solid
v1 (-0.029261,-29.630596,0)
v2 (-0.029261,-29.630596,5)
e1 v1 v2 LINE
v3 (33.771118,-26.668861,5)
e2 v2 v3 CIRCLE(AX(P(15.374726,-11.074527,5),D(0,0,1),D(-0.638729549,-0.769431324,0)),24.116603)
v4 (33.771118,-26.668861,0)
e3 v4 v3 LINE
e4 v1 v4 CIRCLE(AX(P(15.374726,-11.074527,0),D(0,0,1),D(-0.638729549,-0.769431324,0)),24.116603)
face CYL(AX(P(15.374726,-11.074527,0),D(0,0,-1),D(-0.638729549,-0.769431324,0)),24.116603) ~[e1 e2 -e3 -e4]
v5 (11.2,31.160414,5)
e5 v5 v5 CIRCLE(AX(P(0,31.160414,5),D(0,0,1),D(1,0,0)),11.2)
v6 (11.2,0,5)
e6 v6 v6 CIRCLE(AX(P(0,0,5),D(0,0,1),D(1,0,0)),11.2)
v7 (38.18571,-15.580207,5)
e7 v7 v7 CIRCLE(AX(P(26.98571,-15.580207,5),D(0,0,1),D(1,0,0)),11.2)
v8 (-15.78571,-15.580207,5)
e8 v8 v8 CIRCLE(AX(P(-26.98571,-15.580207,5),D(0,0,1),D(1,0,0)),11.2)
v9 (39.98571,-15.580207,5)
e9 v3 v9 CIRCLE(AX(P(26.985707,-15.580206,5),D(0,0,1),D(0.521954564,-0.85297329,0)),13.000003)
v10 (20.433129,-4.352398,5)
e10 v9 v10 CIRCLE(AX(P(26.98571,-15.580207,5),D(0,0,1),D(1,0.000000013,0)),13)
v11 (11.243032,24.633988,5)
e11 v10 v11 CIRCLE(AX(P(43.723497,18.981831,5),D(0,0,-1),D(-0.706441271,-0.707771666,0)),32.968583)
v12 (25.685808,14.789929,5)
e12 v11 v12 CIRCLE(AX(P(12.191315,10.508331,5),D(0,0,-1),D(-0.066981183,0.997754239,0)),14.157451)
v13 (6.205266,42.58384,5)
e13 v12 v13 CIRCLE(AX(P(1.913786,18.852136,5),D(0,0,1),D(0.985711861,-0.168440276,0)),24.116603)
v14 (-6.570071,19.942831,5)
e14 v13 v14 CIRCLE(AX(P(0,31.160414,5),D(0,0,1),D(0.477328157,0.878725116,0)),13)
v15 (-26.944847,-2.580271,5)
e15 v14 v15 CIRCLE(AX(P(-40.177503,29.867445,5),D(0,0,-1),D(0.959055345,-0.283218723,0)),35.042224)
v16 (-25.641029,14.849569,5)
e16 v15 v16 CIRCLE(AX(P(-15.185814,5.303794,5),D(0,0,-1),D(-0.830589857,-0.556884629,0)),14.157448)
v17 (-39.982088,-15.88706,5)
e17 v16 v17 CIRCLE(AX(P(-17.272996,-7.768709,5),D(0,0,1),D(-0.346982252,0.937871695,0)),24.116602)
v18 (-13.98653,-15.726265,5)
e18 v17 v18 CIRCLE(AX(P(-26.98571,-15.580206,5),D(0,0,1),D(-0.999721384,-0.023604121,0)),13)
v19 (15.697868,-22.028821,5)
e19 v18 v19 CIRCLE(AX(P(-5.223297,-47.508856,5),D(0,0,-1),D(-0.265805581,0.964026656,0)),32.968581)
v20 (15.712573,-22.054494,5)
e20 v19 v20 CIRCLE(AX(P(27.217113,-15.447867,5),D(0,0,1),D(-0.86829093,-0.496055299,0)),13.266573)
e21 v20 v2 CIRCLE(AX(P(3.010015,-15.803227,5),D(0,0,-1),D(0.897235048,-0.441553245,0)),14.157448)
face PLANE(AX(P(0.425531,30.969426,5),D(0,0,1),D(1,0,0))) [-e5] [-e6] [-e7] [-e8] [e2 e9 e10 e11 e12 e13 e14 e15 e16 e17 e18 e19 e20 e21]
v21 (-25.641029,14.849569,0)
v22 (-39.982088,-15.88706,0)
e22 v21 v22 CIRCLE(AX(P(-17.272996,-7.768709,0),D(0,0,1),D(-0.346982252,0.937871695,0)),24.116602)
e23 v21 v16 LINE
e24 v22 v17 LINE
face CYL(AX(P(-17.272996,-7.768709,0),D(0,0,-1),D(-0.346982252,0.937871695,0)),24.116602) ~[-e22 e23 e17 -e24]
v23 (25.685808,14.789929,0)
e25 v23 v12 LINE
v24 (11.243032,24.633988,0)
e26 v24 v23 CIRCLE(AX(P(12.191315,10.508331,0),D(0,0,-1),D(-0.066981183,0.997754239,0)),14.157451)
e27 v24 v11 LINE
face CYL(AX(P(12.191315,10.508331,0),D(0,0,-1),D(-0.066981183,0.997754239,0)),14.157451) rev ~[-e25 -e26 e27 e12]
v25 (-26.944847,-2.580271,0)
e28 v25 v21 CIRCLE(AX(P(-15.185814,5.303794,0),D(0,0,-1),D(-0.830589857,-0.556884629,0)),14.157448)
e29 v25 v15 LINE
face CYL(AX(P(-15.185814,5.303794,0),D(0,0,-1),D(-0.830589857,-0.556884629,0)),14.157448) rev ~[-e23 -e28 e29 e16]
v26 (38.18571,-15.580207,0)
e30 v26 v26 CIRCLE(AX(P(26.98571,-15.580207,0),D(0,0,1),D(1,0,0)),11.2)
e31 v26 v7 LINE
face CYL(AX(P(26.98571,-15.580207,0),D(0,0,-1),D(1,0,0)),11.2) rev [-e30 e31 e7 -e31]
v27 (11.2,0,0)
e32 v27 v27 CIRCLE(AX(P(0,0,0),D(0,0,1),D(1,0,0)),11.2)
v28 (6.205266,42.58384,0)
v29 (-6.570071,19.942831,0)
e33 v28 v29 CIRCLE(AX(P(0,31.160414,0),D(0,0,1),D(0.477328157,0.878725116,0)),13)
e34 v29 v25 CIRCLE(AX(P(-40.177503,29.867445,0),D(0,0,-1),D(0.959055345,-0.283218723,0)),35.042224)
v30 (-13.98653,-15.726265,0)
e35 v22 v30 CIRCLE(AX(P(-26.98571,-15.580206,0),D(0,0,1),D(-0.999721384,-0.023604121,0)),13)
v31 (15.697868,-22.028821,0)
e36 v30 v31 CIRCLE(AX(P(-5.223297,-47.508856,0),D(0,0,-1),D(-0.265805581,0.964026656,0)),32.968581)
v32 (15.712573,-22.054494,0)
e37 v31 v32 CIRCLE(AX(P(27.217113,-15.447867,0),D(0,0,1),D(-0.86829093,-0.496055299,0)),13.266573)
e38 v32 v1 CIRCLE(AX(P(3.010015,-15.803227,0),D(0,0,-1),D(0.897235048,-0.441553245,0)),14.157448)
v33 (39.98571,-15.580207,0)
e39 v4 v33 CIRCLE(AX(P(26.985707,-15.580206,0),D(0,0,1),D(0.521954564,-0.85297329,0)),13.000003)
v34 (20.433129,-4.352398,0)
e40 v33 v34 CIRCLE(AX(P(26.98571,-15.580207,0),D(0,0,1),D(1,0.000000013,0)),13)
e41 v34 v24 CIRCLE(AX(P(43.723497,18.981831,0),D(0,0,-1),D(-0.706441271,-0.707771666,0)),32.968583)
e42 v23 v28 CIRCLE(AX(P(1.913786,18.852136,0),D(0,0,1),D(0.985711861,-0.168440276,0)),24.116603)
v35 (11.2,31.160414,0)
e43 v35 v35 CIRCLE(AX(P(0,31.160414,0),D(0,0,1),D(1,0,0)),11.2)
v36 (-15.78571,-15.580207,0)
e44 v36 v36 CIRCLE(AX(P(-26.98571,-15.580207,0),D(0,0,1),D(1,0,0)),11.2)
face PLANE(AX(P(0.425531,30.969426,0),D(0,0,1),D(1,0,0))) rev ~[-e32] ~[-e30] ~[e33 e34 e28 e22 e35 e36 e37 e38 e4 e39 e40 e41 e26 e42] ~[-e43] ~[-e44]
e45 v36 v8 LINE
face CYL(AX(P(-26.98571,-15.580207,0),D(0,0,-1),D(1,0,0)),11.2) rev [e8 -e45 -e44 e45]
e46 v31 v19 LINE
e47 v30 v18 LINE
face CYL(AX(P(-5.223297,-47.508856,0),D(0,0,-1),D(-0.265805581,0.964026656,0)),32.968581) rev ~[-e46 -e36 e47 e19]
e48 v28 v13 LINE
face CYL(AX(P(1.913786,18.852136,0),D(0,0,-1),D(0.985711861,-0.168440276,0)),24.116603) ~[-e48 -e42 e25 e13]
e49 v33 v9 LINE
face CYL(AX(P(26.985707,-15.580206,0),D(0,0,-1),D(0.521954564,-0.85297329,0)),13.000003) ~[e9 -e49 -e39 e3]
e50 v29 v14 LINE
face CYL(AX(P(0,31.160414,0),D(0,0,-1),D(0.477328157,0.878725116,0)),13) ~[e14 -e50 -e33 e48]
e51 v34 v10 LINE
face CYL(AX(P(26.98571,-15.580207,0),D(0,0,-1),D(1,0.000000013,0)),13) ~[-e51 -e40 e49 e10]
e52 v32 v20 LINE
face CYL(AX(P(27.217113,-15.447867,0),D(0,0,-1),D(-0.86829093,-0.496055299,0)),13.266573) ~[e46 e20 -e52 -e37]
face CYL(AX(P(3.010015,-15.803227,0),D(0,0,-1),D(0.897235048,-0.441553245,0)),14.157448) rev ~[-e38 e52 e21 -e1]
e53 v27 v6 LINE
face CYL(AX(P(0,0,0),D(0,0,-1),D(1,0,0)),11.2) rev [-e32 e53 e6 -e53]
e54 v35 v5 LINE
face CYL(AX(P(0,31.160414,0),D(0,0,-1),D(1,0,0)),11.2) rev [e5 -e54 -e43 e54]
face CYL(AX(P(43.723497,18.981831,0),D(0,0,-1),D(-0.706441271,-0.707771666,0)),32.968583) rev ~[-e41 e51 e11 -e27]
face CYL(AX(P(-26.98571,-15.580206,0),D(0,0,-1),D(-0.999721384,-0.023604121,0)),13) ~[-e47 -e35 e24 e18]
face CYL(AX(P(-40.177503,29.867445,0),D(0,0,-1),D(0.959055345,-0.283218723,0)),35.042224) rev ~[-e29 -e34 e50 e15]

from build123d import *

# Parameters (mm, degrees)
F0_R     = 11.2
F1_DEPTH = 5


with BuildPart() as f1:
    # F0 (on Top) → F1 (new body)
    with BuildSketch(Plane.XY):
        with BuildLine():
            ThreePointArc((11.243032, 24.633988), (12.553076, 27.781021), (13, 31.160414))
            ThreePointArc((13, 31.160414), (11.172924, 37.806147), (6.205266, 42.58384))
            ThreePointArc((6.205266, 42.58384), (-11.321974, 37.548911), (-6.570071, 19.942831))
            ThreePointArc((-6.570071, 19.942831), (3.310722, 18.589053), (11.243032, 24.633988))
        make_face()
        with Locations((0, 31.160414)):
            Circle(F0_R, mode=Mode.SUBTRACT)
        with BuildLine():
            ThreePointArc((6.205266, 42.58384), (11.172924, 37.806147), (13, 31.160414))
            ThreePointArc((13, 31.160414), (12.553076, 27.781021), (11.243032, 24.633988))
            ThreePointArc((11.243032, 24.633988), (20.16491, 22.206844), (25.685808, 14.789929))
            ThreePointArc((25.685808, 14.789929), (21.662594, 32.693926), (6.205266, 42.58384))
        make_face()
        with BuildLine():
            ThreePointArc((20.433129, -4.352398), (12.296612, 9.017977), (11.243032, 24.633988))
            ThreePointArc((11.243032, 24.633988), (3.310722, 18.589053), (-6.570071, 19.942831))
            ThreePointArc((-6.570071, 19.942831), (-14.190564, 6.359224), (-26.944847, -2.580271))
            ThreePointArc((-26.944847, -2.580271), (-17.778886, -6.402277), (-13.98571, -15.580207))
            ThreePointArc((-13.98571, -15.580207), (-13.985915, -15.653237), (-13.98653, -15.726265))
            ThreePointArc((-13.98653, -15.726265), (1.62392, -15.259159), (15.697868, -22.028821))
            ThreePointArc((15.697868, -22.028821), (14.428475, -12.216303), (20.433129, -4.352398))
        make_face()
        Circle(F0_R, mode=Mode.SUBTRACT)
        with BuildLine():
            ThreePointArc((39.98571, -15.580207), (33.459366, -4.306708), (20.433129, -4.352398))
            ThreePointArc((20.433129, -4.352398), (14.428475, -12.216303), (15.697868, -22.028821))
            ThreePointArc((15.697868, -22.028821), (15.707601, -22.036816), (15.717332, -22.044815))
            ThreePointArc((15.717332, -22.044815), (15.714954, -22.049655), (15.712573, -22.054494))
            ThreePointArc((15.712573, -22.054494), (23.767322, -28.175523), (33.771118, -26.668861))
            ThreePointArc((33.771118, -26.668861), (38.326131, -21.935901), (39.98571, -15.580207))
        make_face()
        with Locations((26.98571, -15.580207)):
            Circle(F0_R, mode=Mode.SUBTRACT)
        with BuildLine():
            ThreePointArc((-13.98571, -15.580207), (-17.778886, -6.402277), (-26.944847, -2.580271))
            ThreePointArc((-26.944847, -2.580271), (-36.271667, -6.48235), (-39.982088, -15.88706))
            ThreePointArc((-39.982088, -15.88706), (-26.9053, -28.579958), (-13.98653, -15.726265))
            ThreePointArc((-13.98653, -15.726265), (-13.985915, -15.653237), (-13.98571, -15.580207))
        make_face()
        with Locations((-26.98571, -15.580207)):
            Circle(F0_R, mode=Mode.SUBTRACT)
        with BuildLine():
            ThreePointArc((-39.982088, -15.88706), (-36.271667, -6.48235), (-26.944847, -2.580271))
            ThreePointArc((-26.944847, -2.580271), (-29.303818, 6.359874), (-25.641029, 14.849569))
            ThreePointArc((-25.641029, 14.849569), (-39.12779, 2.428274), (-39.982088, -15.88706))
        make_face()
        with BuildLine():
            ThreePointArc((15.717332, -22.044815), (15.707601, -22.036816), (15.697868, -22.028821))
            ThreePointArc((15.697868, -22.028821), (15.705213, -22.041661), (15.712573, -22.054494))
            ThreePointArc((15.712573, -22.054494), (15.714954, -22.049655), (15.717332, -22.044815))
        make_face()
        with BuildLine():
            ThreePointArc((-0.029261, -29.630596), (17.47986, -35.099075), (33.771118, -26.668861))
            ThreePointArc((33.771118, -26.668861), (23.767322, -28.175523), (15.712573, -22.054494))
            ThreePointArc((15.712573, -22.054494), (9.149566, -28.560156), (-0.029261, -29.630596))
        make_face()
    extrude(amount=F1_DEPTH)


solid = f1.part
